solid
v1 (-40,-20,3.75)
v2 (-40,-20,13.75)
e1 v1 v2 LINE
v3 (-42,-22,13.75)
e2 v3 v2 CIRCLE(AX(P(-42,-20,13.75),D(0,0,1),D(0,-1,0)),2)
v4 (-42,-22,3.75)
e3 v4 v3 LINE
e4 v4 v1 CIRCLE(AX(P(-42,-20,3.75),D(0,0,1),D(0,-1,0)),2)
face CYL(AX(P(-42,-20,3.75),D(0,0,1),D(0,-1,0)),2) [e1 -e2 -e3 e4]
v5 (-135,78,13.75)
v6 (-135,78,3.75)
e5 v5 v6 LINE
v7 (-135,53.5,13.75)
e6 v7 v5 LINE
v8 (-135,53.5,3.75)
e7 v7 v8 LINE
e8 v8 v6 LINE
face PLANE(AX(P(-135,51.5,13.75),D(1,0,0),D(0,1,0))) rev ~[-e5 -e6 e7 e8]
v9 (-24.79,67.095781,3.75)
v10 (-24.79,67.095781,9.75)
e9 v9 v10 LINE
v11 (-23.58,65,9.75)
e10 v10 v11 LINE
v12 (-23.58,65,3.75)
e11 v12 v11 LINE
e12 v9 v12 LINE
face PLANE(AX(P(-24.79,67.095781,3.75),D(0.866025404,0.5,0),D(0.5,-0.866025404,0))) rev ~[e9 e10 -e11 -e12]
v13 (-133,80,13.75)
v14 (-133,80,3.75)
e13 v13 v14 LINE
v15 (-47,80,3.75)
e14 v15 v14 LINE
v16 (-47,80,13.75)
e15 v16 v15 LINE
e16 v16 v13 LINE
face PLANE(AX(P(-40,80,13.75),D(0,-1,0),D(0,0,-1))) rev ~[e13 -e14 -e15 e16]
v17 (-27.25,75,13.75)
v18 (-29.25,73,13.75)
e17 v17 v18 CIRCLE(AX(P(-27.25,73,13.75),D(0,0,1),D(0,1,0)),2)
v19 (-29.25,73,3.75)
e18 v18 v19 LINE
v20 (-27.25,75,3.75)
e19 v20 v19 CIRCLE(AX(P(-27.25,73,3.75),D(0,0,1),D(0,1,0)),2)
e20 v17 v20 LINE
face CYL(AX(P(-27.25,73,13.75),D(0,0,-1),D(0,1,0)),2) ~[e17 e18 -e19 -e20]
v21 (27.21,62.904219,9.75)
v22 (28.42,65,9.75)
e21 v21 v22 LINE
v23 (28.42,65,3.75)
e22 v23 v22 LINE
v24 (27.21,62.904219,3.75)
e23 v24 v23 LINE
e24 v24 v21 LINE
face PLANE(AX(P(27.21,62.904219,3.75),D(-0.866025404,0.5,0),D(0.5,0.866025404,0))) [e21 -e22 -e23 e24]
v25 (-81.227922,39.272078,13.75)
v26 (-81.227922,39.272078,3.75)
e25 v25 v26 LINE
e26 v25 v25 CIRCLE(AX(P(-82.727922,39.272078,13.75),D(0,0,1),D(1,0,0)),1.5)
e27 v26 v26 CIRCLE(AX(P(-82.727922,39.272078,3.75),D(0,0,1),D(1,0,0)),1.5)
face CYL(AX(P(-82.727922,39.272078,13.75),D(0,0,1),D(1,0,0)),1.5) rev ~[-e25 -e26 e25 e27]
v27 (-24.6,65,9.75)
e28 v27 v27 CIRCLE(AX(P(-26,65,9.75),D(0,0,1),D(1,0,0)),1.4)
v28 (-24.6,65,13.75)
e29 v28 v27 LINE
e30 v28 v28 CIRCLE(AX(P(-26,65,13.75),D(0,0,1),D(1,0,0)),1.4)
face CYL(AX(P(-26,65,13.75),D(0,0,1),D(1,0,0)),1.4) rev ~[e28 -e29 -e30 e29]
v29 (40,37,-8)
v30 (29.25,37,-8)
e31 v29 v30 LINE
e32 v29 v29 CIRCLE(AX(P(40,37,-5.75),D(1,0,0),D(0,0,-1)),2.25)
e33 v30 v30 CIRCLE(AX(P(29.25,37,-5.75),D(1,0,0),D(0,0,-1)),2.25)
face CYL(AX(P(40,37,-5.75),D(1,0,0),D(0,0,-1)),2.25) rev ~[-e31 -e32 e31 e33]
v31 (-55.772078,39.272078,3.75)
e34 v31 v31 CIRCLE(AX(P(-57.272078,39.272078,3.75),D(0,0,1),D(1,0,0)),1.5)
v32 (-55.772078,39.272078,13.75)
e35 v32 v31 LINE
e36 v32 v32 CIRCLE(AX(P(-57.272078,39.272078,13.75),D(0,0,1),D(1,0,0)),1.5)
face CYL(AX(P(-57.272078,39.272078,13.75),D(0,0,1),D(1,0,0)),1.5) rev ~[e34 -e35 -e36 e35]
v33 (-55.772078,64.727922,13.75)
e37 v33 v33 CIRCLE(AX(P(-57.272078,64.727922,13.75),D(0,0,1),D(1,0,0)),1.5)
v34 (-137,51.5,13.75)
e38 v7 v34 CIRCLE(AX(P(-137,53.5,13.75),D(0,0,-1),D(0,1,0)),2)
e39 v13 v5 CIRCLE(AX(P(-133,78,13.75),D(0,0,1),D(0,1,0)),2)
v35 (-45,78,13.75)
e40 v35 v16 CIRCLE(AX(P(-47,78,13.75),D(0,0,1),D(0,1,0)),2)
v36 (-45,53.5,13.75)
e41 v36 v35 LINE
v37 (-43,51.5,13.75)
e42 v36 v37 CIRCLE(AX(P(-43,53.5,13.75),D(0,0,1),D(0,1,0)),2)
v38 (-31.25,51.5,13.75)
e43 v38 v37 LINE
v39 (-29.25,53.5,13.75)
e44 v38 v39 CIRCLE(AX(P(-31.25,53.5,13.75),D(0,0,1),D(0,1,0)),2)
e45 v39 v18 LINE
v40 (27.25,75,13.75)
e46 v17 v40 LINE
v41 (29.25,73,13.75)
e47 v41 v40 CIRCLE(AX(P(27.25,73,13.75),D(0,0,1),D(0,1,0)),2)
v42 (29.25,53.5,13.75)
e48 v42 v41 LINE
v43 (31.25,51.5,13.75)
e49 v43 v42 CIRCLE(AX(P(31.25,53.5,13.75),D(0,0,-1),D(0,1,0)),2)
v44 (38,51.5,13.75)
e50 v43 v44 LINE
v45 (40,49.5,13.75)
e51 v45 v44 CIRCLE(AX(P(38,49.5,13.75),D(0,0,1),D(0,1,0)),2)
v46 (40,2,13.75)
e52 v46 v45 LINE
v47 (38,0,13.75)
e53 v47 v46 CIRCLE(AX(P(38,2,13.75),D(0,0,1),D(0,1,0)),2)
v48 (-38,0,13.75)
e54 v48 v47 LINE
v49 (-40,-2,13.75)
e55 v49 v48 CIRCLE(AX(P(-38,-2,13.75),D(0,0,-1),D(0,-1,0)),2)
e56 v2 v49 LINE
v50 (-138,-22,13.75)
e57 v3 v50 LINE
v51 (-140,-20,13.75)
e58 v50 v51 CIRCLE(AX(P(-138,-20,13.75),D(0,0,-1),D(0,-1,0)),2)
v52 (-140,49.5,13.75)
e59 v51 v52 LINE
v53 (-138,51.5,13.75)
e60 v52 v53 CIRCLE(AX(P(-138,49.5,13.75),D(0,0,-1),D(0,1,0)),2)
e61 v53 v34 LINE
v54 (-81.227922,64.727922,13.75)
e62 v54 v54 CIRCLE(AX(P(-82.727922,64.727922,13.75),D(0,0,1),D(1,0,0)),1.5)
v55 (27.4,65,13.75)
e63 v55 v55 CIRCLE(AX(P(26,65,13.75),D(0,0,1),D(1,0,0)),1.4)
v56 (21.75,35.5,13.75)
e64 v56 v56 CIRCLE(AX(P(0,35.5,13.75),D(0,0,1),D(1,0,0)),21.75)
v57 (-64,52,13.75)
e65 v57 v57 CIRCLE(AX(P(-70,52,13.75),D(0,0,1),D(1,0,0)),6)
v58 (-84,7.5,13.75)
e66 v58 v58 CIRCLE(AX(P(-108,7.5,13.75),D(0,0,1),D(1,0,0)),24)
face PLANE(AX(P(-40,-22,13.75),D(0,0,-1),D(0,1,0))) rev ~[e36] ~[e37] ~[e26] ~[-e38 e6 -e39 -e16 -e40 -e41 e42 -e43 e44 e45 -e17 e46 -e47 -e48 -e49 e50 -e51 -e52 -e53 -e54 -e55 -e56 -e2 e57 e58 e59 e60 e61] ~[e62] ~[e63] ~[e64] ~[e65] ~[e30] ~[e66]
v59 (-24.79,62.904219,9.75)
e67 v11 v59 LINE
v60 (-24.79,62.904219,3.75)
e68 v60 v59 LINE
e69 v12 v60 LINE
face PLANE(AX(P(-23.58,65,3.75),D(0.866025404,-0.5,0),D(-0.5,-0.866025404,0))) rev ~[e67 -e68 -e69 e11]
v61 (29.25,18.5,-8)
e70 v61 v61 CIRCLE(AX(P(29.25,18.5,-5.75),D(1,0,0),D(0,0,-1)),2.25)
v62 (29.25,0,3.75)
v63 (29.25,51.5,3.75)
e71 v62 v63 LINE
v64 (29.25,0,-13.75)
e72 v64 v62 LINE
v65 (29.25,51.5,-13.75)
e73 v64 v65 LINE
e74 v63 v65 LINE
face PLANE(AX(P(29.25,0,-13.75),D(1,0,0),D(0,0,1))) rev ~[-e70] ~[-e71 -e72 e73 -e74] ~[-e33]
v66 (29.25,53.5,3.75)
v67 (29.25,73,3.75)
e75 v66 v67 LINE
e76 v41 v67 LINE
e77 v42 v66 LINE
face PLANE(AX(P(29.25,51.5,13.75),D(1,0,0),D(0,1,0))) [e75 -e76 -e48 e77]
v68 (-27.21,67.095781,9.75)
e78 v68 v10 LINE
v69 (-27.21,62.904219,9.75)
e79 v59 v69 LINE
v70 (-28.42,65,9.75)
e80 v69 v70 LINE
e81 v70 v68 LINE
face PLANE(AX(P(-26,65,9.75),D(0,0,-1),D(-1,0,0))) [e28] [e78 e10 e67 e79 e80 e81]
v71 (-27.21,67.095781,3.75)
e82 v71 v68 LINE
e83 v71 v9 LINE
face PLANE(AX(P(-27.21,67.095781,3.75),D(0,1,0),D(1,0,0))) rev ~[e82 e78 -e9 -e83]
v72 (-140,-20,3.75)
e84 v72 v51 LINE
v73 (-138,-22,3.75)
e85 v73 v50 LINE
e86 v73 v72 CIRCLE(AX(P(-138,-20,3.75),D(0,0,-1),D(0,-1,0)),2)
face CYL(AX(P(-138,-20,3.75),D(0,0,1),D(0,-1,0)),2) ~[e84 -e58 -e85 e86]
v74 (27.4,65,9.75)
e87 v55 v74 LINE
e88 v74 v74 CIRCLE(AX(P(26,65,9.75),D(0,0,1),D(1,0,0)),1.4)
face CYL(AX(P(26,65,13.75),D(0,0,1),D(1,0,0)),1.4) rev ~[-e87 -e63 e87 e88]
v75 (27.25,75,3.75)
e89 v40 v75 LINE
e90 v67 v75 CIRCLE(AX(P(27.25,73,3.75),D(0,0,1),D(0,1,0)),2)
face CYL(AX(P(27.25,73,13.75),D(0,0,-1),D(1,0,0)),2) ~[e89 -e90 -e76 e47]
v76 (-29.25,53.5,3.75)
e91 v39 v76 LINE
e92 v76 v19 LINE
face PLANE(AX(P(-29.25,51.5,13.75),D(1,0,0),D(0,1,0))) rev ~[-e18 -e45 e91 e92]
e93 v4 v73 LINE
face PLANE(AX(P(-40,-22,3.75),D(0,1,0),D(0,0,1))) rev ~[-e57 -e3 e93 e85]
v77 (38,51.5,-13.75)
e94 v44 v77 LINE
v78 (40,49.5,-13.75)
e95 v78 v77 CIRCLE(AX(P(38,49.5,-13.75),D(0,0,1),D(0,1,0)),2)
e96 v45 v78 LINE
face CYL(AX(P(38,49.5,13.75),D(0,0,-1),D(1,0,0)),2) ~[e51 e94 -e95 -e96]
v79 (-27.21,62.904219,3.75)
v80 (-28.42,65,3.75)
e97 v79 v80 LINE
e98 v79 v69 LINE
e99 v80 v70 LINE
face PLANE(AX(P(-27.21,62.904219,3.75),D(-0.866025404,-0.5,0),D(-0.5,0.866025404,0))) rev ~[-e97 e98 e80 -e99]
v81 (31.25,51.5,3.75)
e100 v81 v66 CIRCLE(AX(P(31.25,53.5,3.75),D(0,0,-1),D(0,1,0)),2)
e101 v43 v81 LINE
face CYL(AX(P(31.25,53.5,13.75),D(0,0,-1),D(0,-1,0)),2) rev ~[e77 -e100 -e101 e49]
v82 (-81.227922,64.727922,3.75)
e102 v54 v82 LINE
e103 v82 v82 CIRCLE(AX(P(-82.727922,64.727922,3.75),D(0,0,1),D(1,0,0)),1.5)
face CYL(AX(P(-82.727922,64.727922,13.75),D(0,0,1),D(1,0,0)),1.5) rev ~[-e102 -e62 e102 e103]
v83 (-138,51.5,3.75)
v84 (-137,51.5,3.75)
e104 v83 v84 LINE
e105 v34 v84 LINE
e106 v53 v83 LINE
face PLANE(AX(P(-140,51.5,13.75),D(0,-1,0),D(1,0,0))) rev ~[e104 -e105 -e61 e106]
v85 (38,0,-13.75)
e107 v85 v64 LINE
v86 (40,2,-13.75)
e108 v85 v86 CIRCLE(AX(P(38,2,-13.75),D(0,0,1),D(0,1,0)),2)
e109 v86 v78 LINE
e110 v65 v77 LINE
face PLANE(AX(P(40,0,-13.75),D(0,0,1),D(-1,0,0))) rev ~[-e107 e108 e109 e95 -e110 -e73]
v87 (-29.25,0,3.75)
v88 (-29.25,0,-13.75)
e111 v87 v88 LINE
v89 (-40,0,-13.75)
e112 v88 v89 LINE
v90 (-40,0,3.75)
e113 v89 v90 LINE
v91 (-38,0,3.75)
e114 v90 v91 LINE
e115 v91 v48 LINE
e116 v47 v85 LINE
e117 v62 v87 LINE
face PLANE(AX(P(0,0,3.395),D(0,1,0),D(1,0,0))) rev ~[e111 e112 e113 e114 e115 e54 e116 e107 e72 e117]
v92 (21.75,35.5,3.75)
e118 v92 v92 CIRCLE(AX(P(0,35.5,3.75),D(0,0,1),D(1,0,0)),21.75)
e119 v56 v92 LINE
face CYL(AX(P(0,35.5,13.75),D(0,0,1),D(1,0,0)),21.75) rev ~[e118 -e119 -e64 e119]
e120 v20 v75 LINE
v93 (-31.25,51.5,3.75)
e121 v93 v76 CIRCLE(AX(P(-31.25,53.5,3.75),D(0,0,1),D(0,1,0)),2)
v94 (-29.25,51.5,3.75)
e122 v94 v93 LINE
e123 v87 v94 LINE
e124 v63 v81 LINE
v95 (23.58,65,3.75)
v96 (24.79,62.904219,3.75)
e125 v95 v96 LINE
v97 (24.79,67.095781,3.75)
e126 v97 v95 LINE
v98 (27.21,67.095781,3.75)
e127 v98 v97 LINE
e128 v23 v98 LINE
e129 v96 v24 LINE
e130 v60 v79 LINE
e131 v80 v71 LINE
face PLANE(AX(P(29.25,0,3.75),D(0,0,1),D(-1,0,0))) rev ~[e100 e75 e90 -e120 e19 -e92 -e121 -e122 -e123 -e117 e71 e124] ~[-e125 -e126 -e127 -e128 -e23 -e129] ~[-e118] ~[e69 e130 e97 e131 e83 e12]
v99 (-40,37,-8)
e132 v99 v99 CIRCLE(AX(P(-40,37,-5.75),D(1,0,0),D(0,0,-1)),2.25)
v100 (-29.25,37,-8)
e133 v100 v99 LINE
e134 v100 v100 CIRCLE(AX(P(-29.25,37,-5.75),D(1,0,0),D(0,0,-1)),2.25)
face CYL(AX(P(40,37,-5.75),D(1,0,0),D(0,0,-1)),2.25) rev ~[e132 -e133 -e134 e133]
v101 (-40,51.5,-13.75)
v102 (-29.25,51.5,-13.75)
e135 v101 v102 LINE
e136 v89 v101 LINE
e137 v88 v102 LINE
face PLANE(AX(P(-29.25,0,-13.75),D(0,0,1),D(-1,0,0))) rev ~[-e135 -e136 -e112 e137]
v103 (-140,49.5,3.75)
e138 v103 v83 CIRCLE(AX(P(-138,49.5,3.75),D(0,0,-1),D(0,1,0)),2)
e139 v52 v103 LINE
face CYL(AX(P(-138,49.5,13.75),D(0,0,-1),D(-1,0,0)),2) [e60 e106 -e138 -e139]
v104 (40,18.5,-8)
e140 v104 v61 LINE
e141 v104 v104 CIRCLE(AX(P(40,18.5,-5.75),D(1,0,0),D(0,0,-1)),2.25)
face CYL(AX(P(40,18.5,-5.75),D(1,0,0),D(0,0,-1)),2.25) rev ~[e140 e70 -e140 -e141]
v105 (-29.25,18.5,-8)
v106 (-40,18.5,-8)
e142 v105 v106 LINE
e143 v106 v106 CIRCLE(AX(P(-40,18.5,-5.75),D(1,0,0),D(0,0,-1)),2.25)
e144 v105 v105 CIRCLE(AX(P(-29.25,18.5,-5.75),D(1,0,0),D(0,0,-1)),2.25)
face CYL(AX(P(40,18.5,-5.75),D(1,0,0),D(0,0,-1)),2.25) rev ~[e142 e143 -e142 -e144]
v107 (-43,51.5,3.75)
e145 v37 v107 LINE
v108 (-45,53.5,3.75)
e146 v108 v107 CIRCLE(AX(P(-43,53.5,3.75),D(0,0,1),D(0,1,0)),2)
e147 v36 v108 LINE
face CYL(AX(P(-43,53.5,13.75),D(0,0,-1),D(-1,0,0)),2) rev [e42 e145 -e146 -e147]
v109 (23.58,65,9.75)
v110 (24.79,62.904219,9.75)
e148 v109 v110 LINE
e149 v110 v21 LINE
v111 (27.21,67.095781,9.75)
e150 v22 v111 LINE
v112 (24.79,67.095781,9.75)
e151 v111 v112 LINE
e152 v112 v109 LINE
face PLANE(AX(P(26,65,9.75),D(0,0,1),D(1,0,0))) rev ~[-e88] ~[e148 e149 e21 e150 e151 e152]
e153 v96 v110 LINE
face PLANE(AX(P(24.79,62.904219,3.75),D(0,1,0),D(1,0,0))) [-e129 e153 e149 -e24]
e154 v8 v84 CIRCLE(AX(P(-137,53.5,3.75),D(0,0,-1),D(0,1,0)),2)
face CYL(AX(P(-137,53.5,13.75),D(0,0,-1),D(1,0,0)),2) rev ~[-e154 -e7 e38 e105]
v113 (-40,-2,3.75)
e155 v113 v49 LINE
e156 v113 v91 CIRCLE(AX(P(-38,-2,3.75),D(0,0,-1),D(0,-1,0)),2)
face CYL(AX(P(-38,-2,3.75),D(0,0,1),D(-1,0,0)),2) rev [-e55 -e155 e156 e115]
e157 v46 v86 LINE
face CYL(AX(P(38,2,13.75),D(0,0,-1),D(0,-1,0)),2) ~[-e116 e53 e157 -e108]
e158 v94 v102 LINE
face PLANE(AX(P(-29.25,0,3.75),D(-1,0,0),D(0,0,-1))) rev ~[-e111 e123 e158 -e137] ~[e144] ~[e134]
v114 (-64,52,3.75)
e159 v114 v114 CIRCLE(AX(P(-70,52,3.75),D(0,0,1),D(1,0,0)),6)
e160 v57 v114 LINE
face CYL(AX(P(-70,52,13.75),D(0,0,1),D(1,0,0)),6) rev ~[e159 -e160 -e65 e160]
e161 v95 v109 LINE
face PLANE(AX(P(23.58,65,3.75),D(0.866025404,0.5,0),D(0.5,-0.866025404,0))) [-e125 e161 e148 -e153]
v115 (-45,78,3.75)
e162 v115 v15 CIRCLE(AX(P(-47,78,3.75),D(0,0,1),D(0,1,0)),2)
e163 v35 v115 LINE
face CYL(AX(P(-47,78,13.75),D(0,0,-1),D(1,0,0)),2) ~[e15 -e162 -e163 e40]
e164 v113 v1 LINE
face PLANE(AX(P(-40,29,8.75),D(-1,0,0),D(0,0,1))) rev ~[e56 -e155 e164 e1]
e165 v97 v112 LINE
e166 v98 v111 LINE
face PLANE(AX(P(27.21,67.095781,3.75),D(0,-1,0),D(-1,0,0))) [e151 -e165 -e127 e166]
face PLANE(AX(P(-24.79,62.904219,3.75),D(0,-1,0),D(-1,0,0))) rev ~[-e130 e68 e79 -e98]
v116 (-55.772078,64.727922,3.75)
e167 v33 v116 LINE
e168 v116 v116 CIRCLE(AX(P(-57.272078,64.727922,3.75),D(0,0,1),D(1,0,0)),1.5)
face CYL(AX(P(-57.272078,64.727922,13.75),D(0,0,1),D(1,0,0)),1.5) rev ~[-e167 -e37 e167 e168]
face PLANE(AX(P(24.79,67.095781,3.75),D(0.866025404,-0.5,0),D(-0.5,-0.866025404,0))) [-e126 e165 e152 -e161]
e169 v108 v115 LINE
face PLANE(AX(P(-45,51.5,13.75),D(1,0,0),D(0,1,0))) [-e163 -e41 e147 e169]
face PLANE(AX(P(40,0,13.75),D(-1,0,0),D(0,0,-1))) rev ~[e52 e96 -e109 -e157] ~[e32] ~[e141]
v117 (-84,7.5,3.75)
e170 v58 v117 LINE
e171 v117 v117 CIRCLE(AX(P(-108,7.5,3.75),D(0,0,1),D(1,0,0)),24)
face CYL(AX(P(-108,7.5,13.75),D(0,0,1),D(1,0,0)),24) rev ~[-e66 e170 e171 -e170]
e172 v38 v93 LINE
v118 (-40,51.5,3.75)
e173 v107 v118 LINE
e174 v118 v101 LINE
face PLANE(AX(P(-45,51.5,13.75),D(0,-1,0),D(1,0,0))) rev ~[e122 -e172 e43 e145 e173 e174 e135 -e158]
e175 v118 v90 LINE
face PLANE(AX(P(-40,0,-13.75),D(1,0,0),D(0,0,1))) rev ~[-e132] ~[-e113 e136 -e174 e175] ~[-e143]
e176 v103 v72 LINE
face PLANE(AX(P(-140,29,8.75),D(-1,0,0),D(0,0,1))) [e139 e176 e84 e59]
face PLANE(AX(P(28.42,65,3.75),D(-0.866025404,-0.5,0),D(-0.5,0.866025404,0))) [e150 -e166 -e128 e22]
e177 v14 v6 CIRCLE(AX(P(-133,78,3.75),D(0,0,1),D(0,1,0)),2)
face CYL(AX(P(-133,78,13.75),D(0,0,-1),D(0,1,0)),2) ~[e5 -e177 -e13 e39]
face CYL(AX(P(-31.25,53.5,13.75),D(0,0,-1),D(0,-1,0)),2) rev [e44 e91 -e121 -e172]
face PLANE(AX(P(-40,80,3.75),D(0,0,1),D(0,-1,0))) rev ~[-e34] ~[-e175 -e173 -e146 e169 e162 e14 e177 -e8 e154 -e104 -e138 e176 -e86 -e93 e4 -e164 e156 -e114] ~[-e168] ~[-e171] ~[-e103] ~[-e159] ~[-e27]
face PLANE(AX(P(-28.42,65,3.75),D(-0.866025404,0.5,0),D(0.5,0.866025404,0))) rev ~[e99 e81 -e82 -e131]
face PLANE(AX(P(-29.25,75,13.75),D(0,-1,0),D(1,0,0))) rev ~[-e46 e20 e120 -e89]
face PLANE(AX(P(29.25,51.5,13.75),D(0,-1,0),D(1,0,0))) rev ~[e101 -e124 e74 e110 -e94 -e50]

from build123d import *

# Parameters (mm, degrees)
BOSS_EXTRUDE1_DEPTH = 80
SKETCH2_R           = 21.75
CUT_EXTRUDE1_DEPTH  = 10
SKETCH3_R           = 1.4
CUT_EXTRUDE2_DEPTH  = 4
CUT_EXTRUDE3_DEPTH  = 6
SKETCH5_R           = 2.25
CUT_EXTRUDE4_DEPTH  = 81
SKETCH6_W           = 10.75
SKETCH6_H           = 28.5
CUT_EXTRUDE5_DEPTH  = 28.5
BOSS_EXTRUDE2_DEPTH = 100
SKETCH8_W           = 5
SKETCH8_H           = 28.5
CUT_EXTRUDE6_DEPTH  = 80
SKETCH9_R           = 24
CUT_EXTRUDE7_DEPTH  = 80
SKETCH12_R          = 6
CUT_EXTRUDE9_DEPTH  = 28
SKETCH13_W          = 58.5
SKETCH13_H          = 5
CUT_EXTRUDE10_DEPTH = 28.5
FILLET2_R           = 2
SKETCH15_R          = 1.5
CUT_EXTRUDE11_DEPTH = 28.5


with BuildPart() as part:
    # Sketch1 → Boss-Extrude1 (new body)
    with BuildSketch(Plane(origin=(0, 0, 0), x_dir=(1, 0, 0), z_dir=(0, 1, 0))):
        Polygon((-40, -13.75), (40, -13.75), (40, 13.75), (29.25, 13.75), (29.25, -3.75), (-29.25, -3.75), (-29.25, 13.75), (-40, 13.75), align=None)
    extrude(amount=BOSS_EXTRUDE1_DEPTH)

    # Sketch2 → Cut-Extrude1 (cut)
    with BuildSketch(Plane.XY.offset(13.75)):
        with Locations((0, 35.5)):
            Circle(SKETCH2_R)
    extrude(amount=-CUT_EXTRUDE1_DEPTH, mode=Mode.SUBTRACT)

    # Sketch3 → Cut-Extrude2 (cut)
    with BuildSketch(Plane.XY.offset(13.75)):
        with Locations((26, 65)):
            Circle(SKETCH3_R)
        with Locations((-26, 65)):
            Circle(SKETCH3_R)
    extrude(amount=-CUT_EXTRUDE2_DEPTH, mode=Mode.SUBTRACT)

    # Sketch4 → Cut-Extrude3 (cut)
    with BuildSketch(Plane(origin=(0, 0, 3.75), x_dir=(-1, 0, 0), z_dir=(0, 0, -1))):
        Polygon((-27.21, 62.904218523), (-28.42, 65), (-27.21, 67.095781477), (-24.79, 67.095781477), (-23.58, 65), (-24.79, 62.904218523), align=None)
        Polygon((28.42, 65), (27.21, 67.095781477), (24.79, 67.095781477), (23.58, 65), (24.79, 62.904218523), (27.21, 62.904218523), align=None)
    extrude(amount=-CUT_EXTRUDE3_DEPTH, mode=Mode.SUBTRACT)

    # Sketch5 → Cut-Extrude4 (cut, through all)
    with BuildSketch(Plane(origin=(40, 0, 0), x_dir=(0, 0, -1), z_dir=(1, 0, 0))):
        with Locations((5.75, 18.5)):
            Circle(SKETCH5_R)
        with Locations((5.75, 37)):
            Circle(SKETCH5_R)
    extrude(amount=-CUT_EXTRUDE4_DEPTH, mode=Mode.SUBTRACT)

    # Sketch6 → Cut-Extrude5 (cut, through all)
    with BuildSketch(Plane.XY.offset(13.75)):
        with Locations((-34.625, 65.75)):
            Rectangle(SKETCH6_W, SKETCH6_H)
        with Locations((34.625, 65.75)):
            Rectangle(SKETCH6_W, SKETCH6_H)
    extrude(amount=-CUT_EXTRUDE5_DEPTH, mode=Mode.SUBTRACT)

    # Sketch7 → Boss-Extrude2 (add)
    with BuildSketch(Plane.ZY.offset(40)):
        Polygon((3.75, 0), (3.75, -22), (13.75, -22), (13.75, 0), (13.75, 80), (3.75, 80), align=None)
    extrude(amount=BOSS_EXTRUDE2_DEPTH)

    # Sketch8 → Cut-Extrude6 (cut)
    with BuildSketch(Plane.XY.offset(13.75)):
        with Locations((-42.5, 65.75)):
            Rectangle(SKETCH8_W, SKETCH8_H)
        with Locations((-137.5, 65.75)):
            Rectangle(SKETCH8_W, SKETCH8_H)
    extrude(amount=-CUT_EXTRUDE6_DEPTH, mode=Mode.SUBTRACT)

    # Sketch9 → Cut-Extrude7 (cut)
    with BuildSketch(Plane.XY.offset(13.75)):
        with Locations((-108, 7.5)):
            Circle(SKETCH9_R)
    extrude(amount=-CUT_EXTRUDE7_DEPTH, mode=Mode.SUBTRACT)

    # Sketch12 → Cut-Extrude9 (cut)
    with BuildSketch(Plane.XY.offset(13.75)):
        with Locations((-70, 52)):
            Circle(SKETCH12_R)
    extrude(amount=-CUT_EXTRUDE9_DEPTH, mode=Mode.SUBTRACT)

    # Sketch13 → Cut-Extrude10 (cut, through all)
    with BuildSketch(Plane.XY.offset(13.75)):
        with Locations((0, 77.5)):
            Rectangle(SKETCH13_W, SKETCH13_H)
    extrude(amount=-CUT_EXTRUDE10_DEPTH, mode=Mode.SUBTRACT)

    # Fillet2
    fillet2_edges = [part.edges().sort_by_distance(p)[0] for p in [
        (-29.25, 51.5, 8.75),
        (29.25, 51.5, 8.75),
        (40, 51.5, 0),
        (-40, 0, 8.75),
        (-40, -22, 8.75),
        (-140, -22, 8.75),
        (-140, 51.5, 8.75),
        (-45, 51.5, 8.75),
        (-45, 80, 8.75),
        (-135, 80, 8.75),
        (-135, 51.5, 8.75),
        (-29.25, 75, 8.75),
        (29.25, 75, 8.75),
        (40, 0, 0),
    ]]
    fillet(fillet2_edges, radius=FILLET2_R)

    # Sketch15 → Cut-Extrude11 (cut, through all)
    with BuildSketch(Plane.XY.offset(13.75)):
        with Locations((-57.272077939, 64.727922061)):
            Circle(SKETCH15_R)
        with Locations((-57.272077939, 39.272077939)):
            Circle(SKETCH15_R)
        with Locations((-82.727922061, 39.272077939)):
            Circle(SKETCH15_R)
        with Locations((-82.727922061, 64.727922061)):
            Circle(SKETCH15_R)
    extrude(amount=-CUT_EXTRUDE11_DEPTH, mode=Mode.SUBTRACT)


solid = part.part
